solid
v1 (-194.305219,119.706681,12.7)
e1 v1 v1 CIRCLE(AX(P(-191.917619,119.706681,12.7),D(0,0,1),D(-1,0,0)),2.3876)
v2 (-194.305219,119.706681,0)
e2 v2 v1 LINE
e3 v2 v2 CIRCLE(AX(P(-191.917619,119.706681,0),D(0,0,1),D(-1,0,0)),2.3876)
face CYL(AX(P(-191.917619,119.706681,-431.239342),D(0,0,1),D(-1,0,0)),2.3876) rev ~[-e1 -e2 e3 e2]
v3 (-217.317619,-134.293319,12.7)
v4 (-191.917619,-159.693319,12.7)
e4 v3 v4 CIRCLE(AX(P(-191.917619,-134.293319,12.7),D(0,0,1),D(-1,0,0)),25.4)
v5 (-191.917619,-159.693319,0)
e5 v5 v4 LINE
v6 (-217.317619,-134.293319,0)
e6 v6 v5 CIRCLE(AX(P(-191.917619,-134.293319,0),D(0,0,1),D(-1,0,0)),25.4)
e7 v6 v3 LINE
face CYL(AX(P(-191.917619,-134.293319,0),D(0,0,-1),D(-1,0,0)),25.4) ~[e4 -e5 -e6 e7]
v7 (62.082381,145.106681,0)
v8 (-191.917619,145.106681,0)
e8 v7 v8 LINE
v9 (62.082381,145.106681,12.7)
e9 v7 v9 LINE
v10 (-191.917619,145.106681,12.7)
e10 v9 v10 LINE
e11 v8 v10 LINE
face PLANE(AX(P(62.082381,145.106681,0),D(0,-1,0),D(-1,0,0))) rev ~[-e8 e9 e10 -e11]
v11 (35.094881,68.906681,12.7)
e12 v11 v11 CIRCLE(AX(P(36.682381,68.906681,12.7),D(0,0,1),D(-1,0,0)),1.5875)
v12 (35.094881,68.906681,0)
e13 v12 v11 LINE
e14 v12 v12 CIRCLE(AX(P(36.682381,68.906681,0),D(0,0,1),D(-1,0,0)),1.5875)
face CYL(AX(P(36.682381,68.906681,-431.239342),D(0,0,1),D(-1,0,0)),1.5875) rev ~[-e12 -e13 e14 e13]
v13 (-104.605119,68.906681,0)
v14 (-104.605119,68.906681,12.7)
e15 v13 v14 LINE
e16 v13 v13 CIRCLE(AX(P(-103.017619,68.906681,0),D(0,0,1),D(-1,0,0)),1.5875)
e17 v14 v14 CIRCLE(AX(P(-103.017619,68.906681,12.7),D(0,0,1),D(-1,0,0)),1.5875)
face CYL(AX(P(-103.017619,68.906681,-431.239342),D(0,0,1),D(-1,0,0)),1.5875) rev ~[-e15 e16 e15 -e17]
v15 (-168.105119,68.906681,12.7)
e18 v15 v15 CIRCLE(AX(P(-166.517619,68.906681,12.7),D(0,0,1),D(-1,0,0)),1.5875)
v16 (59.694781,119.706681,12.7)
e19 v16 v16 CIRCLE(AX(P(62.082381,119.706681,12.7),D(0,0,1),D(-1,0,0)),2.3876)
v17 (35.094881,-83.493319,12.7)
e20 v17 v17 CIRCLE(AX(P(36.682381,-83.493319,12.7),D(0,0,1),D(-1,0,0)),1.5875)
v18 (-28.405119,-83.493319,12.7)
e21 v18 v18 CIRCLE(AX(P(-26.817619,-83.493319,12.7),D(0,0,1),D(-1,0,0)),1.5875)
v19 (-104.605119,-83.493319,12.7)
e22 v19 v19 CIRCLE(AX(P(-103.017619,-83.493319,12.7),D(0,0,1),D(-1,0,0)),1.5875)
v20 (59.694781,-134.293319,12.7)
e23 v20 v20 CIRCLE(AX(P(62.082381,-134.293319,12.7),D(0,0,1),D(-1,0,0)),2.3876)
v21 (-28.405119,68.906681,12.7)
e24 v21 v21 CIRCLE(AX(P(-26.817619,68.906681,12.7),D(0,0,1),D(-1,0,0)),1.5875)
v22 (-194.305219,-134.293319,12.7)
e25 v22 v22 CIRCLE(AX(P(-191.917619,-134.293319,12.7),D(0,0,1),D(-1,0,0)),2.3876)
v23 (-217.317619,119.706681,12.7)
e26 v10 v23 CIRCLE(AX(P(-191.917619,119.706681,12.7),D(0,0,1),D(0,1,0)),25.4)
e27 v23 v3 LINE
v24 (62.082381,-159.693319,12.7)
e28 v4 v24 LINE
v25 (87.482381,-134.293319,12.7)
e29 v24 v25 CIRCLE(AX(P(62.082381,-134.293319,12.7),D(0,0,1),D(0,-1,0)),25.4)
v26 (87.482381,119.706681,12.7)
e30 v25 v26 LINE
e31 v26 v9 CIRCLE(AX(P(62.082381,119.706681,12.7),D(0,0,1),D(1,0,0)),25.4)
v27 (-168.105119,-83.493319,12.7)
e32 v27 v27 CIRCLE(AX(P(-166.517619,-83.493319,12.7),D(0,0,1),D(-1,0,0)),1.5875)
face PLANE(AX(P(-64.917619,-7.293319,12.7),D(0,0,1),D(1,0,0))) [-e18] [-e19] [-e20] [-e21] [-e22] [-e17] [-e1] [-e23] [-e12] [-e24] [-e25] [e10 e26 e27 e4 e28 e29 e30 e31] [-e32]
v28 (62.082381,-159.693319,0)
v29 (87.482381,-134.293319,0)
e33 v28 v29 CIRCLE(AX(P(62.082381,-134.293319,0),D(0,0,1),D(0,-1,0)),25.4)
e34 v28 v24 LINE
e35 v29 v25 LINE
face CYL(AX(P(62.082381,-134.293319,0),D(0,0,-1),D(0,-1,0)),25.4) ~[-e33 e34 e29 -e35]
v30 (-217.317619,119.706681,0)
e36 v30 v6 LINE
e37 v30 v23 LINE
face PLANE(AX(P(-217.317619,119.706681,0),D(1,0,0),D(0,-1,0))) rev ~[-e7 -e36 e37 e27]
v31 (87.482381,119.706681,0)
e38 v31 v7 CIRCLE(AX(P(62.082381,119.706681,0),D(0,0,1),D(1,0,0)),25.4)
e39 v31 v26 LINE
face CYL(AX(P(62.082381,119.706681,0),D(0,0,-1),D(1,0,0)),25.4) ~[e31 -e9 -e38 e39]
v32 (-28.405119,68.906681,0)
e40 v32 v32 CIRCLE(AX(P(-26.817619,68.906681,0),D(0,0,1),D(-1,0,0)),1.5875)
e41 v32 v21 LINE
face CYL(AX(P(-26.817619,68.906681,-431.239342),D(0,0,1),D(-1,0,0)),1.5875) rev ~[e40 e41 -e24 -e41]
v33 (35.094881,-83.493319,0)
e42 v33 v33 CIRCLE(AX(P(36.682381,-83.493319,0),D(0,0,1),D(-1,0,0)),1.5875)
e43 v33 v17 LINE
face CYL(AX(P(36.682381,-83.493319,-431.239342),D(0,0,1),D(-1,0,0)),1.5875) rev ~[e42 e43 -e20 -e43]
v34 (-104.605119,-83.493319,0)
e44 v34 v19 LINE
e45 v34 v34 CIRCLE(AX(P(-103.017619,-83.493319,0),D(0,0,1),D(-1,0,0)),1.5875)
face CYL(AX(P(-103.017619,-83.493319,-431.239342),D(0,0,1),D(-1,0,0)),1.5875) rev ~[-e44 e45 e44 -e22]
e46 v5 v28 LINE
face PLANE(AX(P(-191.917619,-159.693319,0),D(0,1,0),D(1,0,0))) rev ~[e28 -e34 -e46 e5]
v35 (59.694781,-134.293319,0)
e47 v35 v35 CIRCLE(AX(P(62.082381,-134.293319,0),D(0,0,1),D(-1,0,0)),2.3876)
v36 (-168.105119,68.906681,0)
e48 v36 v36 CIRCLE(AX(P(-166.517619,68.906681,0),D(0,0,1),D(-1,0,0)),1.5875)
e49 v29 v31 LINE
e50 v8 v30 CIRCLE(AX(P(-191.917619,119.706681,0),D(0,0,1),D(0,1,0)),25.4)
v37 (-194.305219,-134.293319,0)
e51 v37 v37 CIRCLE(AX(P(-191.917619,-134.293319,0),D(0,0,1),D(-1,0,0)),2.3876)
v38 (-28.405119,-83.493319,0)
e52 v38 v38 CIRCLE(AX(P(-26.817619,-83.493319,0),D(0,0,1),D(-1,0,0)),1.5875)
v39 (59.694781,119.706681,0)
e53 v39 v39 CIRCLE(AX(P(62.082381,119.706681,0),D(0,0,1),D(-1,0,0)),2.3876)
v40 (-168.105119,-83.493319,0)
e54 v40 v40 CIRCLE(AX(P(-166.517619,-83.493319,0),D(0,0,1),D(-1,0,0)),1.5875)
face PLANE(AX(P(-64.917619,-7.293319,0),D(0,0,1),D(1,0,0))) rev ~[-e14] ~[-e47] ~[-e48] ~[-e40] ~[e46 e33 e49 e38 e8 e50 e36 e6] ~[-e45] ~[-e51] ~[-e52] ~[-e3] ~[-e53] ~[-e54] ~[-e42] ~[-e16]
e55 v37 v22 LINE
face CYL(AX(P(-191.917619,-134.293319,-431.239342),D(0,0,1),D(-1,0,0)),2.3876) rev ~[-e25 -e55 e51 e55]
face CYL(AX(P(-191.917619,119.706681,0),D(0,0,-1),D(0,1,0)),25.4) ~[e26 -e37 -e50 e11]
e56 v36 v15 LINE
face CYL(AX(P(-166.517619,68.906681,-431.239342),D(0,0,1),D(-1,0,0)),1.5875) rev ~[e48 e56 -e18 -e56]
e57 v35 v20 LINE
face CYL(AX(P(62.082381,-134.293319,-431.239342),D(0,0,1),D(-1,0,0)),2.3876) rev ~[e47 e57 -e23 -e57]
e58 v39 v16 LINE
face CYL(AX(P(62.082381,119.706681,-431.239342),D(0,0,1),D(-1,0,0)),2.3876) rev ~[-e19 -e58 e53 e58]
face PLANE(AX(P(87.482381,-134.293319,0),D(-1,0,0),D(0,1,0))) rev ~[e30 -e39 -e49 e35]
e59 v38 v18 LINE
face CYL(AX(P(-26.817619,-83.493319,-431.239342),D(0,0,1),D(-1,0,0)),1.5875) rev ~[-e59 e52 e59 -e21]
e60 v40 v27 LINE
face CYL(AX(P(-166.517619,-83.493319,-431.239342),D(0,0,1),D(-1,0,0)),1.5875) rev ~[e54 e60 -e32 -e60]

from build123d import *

# Parameters (mm, degrees)
F1_DEPTH = 12.7
F2_D     = 4.7752
F3_D     = 3.175


with BuildPart() as f1:
    # F0 (on Top) → F1 (new body)
    with BuildSketch(Plane.XY):
        with BuildLine():
            Line((62.082380751, 145.1066806704), (-191.917619249, 145.1066806704))
            ThreePointArc((-191.917619249, 145.1066806704), (-209.8781314912, 137.6671929125), (-217.317619249, 119.7066806704))
            Line((-217.317619249, 119.7066806704), (-217.317619249, -134.2933193296))
            ThreePointArc((-217.317619249, -134.2933193296), (-209.8781314912, -152.2538315718), (-191.917619249, -159.6933193296))
            Line((-191.917619249, -159.6933193296), (62.082380751, -159.6933193296))
            ThreePointArc((62.082380751, -159.6933193296), (80.0428929931, -152.2538315718), (87.482380751, -134.2933193296))
            Line((87.482380751, -134.2933193296), (87.482380751, 119.7066806704))
            ThreePointArc((87.482380751, 119.7066806704), (80.0428929931, 137.6671929125), (62.082380751, 145.1066806704))
        make_face()
    extrude(amount=F1_DEPTH)

    # F2 (through all)
    with Locations(Plane(origin=(0, 0, 0), x_dir=(1, 0, 0), z_dir=(0, 0, -1))):
        with Locations((-191.917619249, -119.7066806704), (62.082380751, 134.2933193296), (62.082380751, -119.7066806704), (-191.917619249, 134.2933193296)):
            Hole(F2_D / 2)

    # F3 (through all)
    with Locations(Plane(origin=(0, 0, 0), x_dir=(1, 0, 0), z_dir=(0, 0, -1))):
        with Locations((-26.817619249, -68.9066806704), (-103.017619249, -68.9066806704), (-166.517619249, -68.9066806704), (-166.517619249, 83.4933193296), (-103.017619249, 83.4933193296), (-26.817619249, 83.4933193296), (36.682380751, 83.4933193296), (36.682380751, -68.9066806704)):
            Hole(F3_D / 2)


solid = f1.part
